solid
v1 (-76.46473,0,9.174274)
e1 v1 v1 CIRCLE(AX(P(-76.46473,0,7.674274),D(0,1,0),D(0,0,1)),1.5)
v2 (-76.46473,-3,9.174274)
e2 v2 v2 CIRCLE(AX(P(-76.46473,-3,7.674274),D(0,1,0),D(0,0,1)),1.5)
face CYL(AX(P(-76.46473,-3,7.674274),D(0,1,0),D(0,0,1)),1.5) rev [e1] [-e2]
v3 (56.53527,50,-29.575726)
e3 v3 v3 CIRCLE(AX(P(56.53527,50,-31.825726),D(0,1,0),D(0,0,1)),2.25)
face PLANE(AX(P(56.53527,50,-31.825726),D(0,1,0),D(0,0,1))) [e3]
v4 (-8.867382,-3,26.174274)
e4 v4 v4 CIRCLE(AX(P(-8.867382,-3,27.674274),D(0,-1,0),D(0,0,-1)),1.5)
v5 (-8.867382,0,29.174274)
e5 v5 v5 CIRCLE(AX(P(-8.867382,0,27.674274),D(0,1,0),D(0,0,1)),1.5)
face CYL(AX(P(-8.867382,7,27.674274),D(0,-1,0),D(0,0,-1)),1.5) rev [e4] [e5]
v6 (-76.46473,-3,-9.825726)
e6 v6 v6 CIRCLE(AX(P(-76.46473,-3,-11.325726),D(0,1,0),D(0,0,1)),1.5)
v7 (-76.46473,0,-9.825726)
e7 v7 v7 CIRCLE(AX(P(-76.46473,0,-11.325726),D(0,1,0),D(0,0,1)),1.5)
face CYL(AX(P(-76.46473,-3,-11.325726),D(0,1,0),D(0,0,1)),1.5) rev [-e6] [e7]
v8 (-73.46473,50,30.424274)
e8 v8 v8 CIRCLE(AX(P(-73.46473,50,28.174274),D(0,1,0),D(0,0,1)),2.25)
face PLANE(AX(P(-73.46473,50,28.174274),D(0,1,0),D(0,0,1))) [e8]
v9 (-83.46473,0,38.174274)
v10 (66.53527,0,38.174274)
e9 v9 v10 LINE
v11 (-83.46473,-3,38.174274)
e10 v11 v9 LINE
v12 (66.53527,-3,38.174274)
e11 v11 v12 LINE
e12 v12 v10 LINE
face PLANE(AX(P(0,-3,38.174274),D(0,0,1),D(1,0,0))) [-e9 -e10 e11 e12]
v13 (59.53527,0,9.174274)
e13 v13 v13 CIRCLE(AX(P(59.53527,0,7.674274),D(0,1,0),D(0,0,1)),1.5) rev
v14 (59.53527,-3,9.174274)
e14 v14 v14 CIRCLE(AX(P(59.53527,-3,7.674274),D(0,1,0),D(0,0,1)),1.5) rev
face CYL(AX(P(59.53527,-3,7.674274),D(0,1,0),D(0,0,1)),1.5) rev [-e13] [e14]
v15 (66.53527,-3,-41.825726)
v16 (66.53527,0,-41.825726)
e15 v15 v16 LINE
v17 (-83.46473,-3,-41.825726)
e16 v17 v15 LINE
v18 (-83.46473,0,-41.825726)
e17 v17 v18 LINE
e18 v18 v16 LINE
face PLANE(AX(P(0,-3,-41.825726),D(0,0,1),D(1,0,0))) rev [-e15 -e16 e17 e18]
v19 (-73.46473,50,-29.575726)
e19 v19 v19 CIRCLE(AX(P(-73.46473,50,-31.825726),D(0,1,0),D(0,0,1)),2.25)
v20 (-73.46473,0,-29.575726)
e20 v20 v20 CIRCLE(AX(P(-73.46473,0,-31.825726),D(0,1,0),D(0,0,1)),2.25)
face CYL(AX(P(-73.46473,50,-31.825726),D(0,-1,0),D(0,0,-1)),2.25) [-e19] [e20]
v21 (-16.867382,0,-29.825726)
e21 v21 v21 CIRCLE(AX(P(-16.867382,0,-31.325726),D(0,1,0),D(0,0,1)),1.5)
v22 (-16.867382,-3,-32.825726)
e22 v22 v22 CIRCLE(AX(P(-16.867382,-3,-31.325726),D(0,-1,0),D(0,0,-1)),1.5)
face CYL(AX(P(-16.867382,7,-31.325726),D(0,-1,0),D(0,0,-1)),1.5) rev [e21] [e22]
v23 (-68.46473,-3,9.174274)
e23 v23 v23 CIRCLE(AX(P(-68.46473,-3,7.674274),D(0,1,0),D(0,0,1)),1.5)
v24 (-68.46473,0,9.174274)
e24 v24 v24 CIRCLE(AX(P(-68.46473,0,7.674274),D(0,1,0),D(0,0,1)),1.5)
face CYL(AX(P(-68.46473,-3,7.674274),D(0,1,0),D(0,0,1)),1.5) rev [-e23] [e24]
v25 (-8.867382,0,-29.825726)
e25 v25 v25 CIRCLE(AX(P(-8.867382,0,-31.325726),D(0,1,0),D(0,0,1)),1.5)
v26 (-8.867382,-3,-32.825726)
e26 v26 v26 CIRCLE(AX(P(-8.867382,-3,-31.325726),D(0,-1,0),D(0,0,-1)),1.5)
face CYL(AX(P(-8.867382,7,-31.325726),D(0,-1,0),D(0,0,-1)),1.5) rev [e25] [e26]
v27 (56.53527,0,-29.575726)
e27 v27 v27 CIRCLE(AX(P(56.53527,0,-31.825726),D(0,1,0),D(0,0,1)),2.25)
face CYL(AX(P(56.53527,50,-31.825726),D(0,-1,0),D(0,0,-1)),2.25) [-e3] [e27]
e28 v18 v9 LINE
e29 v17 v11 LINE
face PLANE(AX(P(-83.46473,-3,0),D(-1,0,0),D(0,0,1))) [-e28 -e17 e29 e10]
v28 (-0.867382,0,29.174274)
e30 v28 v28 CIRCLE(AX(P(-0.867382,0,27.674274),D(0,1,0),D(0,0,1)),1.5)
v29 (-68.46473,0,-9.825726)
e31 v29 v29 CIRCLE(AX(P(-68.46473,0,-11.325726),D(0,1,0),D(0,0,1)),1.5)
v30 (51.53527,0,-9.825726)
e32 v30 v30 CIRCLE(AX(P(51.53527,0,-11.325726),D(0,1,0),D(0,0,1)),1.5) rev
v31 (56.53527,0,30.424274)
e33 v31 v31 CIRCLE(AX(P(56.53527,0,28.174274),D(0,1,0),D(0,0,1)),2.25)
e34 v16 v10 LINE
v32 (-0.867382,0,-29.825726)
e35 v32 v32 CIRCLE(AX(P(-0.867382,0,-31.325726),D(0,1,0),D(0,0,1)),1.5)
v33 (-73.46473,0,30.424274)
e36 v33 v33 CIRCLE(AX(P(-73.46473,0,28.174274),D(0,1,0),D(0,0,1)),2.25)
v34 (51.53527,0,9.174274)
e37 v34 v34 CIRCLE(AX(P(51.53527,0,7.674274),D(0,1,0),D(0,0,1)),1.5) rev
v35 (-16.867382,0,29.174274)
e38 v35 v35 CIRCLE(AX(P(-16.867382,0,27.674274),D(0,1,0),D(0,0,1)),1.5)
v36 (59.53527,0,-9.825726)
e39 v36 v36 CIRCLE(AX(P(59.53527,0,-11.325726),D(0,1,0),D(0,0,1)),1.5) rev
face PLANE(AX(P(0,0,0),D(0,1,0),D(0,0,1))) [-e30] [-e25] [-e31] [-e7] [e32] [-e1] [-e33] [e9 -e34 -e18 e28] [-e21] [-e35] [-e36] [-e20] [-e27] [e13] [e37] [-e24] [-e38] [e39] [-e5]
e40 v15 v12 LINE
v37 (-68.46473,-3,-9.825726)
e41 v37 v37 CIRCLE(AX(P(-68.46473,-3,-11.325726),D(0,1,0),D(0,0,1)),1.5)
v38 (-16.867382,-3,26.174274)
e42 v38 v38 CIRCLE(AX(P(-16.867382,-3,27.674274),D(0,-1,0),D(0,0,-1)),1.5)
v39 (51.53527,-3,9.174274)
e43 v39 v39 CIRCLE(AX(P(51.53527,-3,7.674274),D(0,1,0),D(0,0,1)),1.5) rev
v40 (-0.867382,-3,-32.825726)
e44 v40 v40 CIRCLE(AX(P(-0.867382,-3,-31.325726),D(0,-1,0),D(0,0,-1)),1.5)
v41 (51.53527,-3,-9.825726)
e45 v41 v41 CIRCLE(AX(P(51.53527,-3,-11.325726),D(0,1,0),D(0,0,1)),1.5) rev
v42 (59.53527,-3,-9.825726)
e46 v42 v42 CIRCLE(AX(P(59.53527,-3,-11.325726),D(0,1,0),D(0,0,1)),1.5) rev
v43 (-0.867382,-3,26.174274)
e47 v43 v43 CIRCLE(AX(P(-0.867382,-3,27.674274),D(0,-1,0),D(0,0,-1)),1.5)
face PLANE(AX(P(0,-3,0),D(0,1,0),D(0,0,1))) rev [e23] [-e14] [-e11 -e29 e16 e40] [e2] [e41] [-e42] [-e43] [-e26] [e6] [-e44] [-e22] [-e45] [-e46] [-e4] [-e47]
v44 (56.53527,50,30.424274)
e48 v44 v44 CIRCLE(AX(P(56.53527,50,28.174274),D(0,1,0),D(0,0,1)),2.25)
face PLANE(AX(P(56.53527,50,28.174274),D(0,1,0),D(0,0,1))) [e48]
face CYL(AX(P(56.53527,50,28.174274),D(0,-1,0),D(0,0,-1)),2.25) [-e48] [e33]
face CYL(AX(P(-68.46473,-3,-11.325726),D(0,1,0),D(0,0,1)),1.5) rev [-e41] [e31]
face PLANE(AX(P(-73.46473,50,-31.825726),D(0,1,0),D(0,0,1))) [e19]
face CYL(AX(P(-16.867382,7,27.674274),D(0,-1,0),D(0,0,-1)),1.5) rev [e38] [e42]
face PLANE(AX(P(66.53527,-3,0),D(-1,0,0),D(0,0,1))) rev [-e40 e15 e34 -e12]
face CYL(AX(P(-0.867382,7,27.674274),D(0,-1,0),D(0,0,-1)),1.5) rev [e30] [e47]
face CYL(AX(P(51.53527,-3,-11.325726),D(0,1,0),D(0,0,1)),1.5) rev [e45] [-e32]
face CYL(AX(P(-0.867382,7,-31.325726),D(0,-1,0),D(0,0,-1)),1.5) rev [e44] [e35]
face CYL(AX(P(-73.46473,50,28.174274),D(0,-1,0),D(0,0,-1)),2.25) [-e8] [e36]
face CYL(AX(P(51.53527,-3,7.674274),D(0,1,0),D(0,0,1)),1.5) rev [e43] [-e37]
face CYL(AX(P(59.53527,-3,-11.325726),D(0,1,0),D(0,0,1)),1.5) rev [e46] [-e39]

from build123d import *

# Parameters (mm, degrees)
SKETCH2_W           = 150
SKETCH2_H           = 80
SKETCH2_R           = 1.5
BOSS_EXTRUDE1_DEPTH = 3
SKETCH3_R           = 2.25
BOSS_EXTRUDE2_DEPTH = 50
SKETCH4_R           = 1.5
CUT_EXTRUDE1_DEPTH  = 10


with BuildPart() as part:
    # Sketch2 → Boss-Extrude1 (new body)
    with BuildSketch(Plane(origin=(0, 0, 0), x_dir=(1, 0, 0), z_dir=(0, 1, 0))):
        with Locations((-8.46473029, 1.825726141)):
            Rectangle(SKETCH2_W, SKETCH2_H)
        with Locations((-68.46473029, 11.325726141)):
            Circle(SKETCH2_R, mode=Mode.SUBTRACT)
        with Locations((-68.46473029, -7.674273859)):
            Circle(SKETCH2_R, mode=Mode.SUBTRACT)
        with Locations((-76.46473029, 11.325726141)):
            Circle(SKETCH2_R, mode=Mode.SUBTRACT)
        with Locations((-76.46473029, -7.674273859)):
            Circle(SKETCH2_R, mode=Mode.SUBTRACT)
        with Locations((51.53526971, -7.674273859)):
            Circle(SKETCH2_R, mode=Mode.SUBTRACT)
        with Locations((59.53526971, -7.674273859)):
            Circle(SKETCH2_R, mode=Mode.SUBTRACT)
        with Locations((59.53526971, 11.325726141)):
            Circle(SKETCH2_R, mode=Mode.SUBTRACT)
        with Locations((51.53526971, 11.325726141)):
            Circle(SKETCH2_R, mode=Mode.SUBTRACT)
    extrude(amount=-BOSS_EXTRUDE1_DEPTH)

    # Sketch3 → Boss-Extrude2 (add)
    with BuildSketch(Plane(origin=(0, 0, 0), x_dir=(1, 0, 0), z_dir=(0, 1, 0))):
        with Locations((56.53526971, 31.825726141)):
            Circle(SKETCH3_R)
        with Locations((56.53526971, -28.174273859)):
            Circle(SKETCH3_R)
        with Locations((-73.46473029, -28.174273859)):
            Circle(SKETCH3_R)
        with Locations((-73.46473029, 31.825726141)):
            Circle(SKETCH3_R)
    extrude(amount=BOSS_EXTRUDE2_DEPTH)

    # Sketch4 → Cut-Extrude1 (cut)
    with BuildSketch(Plane(origin=(0, -3, 0), x_dir=(-1, 0, 0), z_dir=(0, -1, 0))):
        with Locations((16.867382004, 31.325726141)):
            Circle(SKETCH4_R)
        with Locations((8.867382004, 31.325726141)):
            Circle(SKETCH4_R)
        with Locations((0.867382004, 31.325726141)):
            Circle(SKETCH4_R)
        with Locations((16.867382004, -27.674273859)):
            Circle(SKETCH4_R)
        with Locations((8.867382004, -27.674273859)):
            Circle(SKETCH4_R)
        with Locations((0.867382004, -27.674273859)):
            Circle(SKETCH4_R)
    extrude(amount=-CUT_EXTRUDE1_DEPTH, mode=Mode.SUBTRACT)


solid = part.part
